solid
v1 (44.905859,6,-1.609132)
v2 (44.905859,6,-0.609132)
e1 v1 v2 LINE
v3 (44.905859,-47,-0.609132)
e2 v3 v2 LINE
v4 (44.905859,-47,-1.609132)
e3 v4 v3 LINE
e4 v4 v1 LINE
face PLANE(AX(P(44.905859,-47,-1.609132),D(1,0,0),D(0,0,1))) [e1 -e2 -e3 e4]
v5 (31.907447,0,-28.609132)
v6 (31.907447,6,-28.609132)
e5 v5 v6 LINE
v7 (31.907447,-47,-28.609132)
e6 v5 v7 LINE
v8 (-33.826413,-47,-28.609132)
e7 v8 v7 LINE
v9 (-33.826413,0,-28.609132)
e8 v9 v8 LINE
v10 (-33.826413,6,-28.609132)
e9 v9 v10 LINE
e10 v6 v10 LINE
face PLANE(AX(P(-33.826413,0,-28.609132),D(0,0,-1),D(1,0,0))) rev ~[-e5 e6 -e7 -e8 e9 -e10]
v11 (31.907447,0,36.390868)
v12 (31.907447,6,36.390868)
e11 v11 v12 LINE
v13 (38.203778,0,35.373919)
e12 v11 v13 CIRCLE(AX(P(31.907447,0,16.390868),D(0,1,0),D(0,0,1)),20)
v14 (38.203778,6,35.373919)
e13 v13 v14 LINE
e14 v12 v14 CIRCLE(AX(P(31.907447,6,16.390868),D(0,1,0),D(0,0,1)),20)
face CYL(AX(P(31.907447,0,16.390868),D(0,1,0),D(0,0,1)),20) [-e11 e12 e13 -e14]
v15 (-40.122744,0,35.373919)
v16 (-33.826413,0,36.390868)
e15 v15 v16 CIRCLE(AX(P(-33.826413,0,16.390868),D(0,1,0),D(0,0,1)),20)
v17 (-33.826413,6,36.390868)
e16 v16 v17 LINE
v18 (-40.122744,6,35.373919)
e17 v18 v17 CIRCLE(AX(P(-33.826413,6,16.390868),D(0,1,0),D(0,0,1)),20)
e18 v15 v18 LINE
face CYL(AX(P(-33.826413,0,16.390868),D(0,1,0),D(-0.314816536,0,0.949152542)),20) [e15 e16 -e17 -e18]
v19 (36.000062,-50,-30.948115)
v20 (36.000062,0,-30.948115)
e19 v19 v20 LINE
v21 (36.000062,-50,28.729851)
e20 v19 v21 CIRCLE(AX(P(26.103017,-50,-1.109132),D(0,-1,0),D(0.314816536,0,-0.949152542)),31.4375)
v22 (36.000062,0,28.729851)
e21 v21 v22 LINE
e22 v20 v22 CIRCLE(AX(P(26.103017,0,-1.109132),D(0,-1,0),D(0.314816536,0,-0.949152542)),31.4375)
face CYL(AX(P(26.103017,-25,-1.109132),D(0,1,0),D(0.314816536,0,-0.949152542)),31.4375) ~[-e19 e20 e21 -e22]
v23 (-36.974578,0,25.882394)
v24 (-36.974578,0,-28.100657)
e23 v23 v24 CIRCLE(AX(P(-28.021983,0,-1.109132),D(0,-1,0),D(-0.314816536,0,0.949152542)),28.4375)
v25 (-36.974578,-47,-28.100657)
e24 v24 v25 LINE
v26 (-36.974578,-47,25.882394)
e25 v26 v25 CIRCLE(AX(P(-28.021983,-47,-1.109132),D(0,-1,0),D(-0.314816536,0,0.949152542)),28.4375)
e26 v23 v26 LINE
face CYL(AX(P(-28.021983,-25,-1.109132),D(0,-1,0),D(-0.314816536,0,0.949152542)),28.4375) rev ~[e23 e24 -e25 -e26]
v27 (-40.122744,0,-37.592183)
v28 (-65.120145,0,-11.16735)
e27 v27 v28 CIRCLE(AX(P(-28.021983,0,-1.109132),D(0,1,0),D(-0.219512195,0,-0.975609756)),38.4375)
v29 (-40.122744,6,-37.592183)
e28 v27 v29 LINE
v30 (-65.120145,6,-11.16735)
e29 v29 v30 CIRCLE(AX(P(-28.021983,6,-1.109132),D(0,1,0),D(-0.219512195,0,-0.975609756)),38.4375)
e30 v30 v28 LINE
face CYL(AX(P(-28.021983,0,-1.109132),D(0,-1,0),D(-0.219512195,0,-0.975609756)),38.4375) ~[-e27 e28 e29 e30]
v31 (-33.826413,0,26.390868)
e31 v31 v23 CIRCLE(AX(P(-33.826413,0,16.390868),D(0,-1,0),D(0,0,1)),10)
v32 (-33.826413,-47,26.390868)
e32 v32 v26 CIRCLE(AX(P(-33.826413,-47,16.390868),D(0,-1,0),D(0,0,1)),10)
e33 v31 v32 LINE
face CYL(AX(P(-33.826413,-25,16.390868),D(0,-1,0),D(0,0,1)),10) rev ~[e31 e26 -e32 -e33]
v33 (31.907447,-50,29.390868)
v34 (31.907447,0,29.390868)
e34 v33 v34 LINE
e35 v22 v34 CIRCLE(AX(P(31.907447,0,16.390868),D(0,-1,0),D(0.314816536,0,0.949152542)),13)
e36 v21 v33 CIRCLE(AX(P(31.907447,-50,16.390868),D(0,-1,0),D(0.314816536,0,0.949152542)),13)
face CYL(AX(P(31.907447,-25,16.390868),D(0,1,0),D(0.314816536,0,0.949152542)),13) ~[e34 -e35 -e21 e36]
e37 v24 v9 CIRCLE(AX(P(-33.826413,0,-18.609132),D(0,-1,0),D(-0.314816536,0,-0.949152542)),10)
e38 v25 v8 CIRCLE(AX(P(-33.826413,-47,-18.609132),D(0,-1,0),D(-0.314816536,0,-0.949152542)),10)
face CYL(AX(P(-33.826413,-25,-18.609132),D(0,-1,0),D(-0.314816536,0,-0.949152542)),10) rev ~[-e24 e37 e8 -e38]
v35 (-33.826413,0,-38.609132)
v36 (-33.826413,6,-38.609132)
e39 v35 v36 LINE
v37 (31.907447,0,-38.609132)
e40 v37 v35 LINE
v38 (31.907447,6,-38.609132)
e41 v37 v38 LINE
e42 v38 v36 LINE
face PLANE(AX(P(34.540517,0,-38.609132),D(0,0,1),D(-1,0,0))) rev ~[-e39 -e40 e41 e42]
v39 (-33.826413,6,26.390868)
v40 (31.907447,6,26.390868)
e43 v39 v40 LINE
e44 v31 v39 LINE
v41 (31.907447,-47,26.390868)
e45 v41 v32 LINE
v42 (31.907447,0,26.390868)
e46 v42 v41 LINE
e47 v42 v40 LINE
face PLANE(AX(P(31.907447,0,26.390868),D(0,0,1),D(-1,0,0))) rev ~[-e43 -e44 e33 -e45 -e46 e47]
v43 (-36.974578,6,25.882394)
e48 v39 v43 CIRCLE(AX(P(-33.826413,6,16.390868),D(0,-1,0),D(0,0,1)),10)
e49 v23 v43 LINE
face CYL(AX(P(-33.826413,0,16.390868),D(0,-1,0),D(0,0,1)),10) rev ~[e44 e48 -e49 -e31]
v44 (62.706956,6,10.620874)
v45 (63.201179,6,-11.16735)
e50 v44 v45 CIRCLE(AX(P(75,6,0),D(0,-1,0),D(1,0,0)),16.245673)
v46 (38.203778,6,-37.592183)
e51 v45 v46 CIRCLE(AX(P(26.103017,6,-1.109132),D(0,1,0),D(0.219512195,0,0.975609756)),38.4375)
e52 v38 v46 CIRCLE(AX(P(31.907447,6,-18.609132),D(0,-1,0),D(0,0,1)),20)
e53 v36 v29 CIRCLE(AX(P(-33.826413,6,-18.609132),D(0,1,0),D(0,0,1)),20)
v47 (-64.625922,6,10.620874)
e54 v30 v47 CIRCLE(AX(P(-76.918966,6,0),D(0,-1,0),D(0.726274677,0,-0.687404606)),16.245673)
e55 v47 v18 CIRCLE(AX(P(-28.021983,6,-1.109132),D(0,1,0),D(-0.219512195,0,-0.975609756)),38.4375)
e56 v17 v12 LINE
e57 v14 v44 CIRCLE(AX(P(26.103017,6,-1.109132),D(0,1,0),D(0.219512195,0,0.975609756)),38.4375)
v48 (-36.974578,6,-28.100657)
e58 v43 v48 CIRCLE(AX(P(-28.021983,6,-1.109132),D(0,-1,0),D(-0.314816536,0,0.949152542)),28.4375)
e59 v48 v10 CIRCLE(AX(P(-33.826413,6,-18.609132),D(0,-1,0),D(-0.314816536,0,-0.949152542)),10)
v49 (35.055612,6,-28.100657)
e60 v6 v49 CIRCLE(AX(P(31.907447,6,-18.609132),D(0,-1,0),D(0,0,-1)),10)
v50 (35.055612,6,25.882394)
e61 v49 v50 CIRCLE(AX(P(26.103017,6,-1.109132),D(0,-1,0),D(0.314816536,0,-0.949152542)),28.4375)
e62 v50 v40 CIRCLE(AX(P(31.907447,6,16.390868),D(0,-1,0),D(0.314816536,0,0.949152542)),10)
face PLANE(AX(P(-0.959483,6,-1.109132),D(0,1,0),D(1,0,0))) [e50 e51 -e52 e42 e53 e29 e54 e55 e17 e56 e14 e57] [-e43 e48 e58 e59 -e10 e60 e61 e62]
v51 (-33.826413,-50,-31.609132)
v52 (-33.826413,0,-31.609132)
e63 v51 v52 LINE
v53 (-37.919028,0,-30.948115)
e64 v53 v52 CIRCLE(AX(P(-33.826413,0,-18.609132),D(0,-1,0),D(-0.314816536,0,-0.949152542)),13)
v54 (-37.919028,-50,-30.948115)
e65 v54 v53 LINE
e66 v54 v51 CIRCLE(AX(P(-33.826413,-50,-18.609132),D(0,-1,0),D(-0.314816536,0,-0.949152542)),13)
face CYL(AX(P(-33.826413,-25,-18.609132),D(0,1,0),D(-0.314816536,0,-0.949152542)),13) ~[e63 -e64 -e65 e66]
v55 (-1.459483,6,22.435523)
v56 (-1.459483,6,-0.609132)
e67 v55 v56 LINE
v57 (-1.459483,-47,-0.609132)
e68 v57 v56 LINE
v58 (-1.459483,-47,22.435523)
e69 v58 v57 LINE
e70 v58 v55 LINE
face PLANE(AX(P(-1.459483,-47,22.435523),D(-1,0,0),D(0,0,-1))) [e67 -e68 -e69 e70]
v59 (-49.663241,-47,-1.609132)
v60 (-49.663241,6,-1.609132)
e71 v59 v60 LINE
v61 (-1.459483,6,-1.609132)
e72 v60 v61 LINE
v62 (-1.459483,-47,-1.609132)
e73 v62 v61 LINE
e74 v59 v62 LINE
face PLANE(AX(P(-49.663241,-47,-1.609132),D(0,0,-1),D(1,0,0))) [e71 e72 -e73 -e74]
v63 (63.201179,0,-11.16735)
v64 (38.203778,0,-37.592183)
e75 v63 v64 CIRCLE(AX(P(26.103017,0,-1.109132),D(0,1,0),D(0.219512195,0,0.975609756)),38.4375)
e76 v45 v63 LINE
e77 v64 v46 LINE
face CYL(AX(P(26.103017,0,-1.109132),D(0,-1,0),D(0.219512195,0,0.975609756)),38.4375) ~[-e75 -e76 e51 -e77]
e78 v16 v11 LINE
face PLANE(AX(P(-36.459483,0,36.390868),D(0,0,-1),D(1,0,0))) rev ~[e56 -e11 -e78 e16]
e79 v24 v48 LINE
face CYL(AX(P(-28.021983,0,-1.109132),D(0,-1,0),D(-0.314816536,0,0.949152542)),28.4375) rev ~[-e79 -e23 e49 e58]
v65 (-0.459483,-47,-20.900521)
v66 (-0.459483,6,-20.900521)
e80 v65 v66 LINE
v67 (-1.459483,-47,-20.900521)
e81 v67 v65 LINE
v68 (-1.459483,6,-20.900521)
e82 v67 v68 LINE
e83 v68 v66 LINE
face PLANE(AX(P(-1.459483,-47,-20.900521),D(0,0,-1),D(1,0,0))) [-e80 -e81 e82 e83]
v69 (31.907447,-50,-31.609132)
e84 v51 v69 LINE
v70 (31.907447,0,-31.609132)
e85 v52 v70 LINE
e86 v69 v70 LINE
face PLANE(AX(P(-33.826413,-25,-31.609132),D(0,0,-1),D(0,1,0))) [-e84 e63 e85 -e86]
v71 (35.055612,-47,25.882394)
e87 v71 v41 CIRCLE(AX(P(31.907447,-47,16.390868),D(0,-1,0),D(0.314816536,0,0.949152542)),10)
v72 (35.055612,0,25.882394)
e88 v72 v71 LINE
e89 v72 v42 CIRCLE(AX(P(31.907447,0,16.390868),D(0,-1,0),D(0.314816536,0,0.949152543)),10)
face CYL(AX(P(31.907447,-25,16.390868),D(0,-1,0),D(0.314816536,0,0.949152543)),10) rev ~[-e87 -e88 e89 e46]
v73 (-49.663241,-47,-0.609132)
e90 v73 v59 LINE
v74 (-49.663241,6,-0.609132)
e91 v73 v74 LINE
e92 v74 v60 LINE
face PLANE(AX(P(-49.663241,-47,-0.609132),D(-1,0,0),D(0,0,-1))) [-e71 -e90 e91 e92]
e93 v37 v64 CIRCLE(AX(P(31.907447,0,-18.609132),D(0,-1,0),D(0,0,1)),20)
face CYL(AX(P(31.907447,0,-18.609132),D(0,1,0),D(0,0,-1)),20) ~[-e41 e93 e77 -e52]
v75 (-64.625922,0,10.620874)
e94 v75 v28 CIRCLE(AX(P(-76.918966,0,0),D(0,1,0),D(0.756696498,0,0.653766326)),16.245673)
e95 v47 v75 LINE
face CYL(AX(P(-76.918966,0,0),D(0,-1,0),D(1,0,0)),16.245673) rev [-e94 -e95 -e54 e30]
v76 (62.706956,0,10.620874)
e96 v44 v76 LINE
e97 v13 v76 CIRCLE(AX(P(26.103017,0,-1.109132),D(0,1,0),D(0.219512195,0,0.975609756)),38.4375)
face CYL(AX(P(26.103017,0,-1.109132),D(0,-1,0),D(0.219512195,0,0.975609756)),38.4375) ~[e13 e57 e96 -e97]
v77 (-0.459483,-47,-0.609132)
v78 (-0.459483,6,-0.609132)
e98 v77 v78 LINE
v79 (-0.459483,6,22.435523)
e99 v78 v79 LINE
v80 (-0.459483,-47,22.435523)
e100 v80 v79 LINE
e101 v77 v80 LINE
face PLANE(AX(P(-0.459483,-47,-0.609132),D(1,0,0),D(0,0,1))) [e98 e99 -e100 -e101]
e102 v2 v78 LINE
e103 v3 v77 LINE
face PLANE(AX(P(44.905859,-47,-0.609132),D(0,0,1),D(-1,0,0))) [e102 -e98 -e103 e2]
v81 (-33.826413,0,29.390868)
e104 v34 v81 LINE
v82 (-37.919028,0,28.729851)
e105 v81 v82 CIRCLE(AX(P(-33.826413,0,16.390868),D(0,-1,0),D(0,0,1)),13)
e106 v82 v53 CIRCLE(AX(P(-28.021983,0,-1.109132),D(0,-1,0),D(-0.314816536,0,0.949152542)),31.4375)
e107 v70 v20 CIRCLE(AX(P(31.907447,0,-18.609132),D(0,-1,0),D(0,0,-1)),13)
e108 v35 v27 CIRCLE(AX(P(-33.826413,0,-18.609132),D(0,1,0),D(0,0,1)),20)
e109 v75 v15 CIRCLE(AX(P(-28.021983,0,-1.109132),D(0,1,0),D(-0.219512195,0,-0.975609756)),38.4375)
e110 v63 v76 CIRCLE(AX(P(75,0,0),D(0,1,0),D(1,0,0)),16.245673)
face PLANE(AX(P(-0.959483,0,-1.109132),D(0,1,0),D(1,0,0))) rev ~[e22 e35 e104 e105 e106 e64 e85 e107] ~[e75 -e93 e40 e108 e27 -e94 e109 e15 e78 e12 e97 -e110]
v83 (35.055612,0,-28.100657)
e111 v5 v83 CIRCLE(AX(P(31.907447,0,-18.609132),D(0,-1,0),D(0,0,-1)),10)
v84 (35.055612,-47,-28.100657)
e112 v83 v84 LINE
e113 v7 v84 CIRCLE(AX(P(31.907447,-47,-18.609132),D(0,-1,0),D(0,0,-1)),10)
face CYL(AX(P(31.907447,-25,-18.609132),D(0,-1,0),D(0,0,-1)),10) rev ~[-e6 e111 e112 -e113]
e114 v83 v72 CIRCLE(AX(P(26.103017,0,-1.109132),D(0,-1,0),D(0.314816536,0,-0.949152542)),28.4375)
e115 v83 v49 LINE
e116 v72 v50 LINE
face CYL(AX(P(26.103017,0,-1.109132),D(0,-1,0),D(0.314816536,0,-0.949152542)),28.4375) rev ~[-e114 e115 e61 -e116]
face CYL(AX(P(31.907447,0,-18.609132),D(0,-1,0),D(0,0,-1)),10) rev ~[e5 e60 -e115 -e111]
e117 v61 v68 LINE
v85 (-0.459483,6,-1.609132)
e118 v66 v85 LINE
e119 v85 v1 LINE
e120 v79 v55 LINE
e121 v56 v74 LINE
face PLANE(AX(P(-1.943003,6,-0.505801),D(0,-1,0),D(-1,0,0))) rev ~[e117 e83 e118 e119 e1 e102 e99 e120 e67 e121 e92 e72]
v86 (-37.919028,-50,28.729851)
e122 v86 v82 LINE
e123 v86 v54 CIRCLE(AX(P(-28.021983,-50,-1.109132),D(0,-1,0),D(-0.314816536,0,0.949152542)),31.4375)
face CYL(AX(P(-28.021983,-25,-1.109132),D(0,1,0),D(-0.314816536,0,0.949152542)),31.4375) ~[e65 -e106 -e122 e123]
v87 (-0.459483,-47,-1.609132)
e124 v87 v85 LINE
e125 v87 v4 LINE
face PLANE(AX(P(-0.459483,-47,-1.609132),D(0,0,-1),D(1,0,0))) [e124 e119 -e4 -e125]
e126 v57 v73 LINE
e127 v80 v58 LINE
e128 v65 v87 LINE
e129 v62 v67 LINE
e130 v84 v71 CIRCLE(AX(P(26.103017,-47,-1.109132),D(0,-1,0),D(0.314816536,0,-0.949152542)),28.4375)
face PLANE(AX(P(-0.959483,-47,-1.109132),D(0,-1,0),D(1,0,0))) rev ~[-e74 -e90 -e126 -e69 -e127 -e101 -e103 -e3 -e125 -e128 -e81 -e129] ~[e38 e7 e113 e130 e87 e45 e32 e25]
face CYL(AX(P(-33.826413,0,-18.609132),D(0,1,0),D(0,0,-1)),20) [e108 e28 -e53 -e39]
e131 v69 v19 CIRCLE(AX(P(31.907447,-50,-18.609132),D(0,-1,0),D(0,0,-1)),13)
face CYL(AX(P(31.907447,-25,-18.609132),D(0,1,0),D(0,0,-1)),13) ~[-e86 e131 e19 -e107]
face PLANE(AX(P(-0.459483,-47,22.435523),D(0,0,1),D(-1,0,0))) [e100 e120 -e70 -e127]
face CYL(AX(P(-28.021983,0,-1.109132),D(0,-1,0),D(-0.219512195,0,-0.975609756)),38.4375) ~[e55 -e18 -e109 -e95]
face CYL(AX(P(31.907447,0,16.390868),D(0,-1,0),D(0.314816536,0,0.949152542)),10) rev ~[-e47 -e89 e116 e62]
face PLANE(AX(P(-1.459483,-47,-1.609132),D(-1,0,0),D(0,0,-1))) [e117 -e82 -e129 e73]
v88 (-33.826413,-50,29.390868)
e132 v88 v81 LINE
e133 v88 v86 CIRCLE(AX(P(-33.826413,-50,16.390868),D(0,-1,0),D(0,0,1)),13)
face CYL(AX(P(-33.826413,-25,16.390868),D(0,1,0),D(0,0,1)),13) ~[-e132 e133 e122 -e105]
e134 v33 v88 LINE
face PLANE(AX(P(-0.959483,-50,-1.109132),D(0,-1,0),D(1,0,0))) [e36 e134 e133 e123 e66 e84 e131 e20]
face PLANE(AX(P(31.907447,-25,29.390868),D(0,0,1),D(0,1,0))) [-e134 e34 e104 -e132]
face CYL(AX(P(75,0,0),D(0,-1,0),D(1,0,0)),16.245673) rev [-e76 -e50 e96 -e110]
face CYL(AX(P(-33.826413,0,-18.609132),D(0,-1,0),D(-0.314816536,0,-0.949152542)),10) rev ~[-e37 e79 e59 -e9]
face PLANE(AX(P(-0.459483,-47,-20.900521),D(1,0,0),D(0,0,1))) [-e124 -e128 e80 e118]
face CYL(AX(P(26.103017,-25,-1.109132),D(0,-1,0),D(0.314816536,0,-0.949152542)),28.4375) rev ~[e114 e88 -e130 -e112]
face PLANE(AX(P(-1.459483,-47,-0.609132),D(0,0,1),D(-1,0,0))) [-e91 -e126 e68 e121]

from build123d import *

# Parameters (mm, degrees)
BOSS_EXTRUDE1_DEPTH = 6
FILLET1_R           = 20
SKETCH4_W           = 3
SKETCH4_H           = 50
SKETCH6_R           = 16.245672788
CUT_EXTRUDE1_DEPTH  = 10
BOSS_EXTRUDE2_DEPTH = 3
CUT_EXTRUDE2_DEPTH  = 44
BOSS_EXTRUDE3_DEPTH = 53


with BuildPart() as part:
    # Sketch1 → Boss-Extrude1 (new body)
    with BuildSketch(Plane(origin=(0, 0, 0), x_dir=(1, 0, 0), z_dir=(0, 1, 0))):
        with BuildLine():
            Line((34.540516942, 38.609131748), (-36.459483058, 38.609131748))
            ThreePointArc((-36.459483058, 38.609131748), (-66.459483058, 1.109131748), (-36.459483058, -36.390868252))
            Line((-36.459483058, -36.390868252), (34.540516942, -36.390868252))
            ThreePointArc((34.540516942, -36.390868252), (64.540516942, 1.109131748), (34.540516942, 38.609131748))
        make_face()
    extrude(amount=BOSS_EXTRUDE1_DEPTH)

    # Fillet1
    fillet1_edges = [part.edges().sort_by_distance(p)[0] for p in [
        (-36.459483058, 3, -38.609131748),
        (34.540516942, 3, -38.609131748),
        (34.540516942, 3, 36.390868252),
        (-36.459483058, 3, 36.390868252),
    ]]
    fillet(fillet1_edges, radius=FILLET1_R)

    # Sweep1: sweep along a path in Sketch3
    with BuildLine(Plane.XZ) as sweep1_path:
        Line((31.907446823, 29.390868252), (-33.82641294, 29.390868252))
        ThreePointArc((-33.82641294, 29.390868252), (-35.899239553, 29.224550102), (-37.919027907, 28.729851303))
        ThreePointArc((-37.919027907, 28.729851303), (-59.459483058, -1.109131748), (-37.919027907, -30.948114799))
        ThreePointArc((-37.919027907, -30.948114799), (-35.899239553, -31.442813598), (-33.82641294, -31.609131748))
        Line((-33.82641294, -31.609131748), (31.907446823, -31.609131748))
        ThreePointArc((31.907446823, -31.609131748), (33.980273437, -31.442813598), (36.000061791, -30.948114799))
        ThreePointArc((36.000061791, -30.948114799), (57.540516942, -1.109131748), (36.000061791, 28.729851303))
        ThreePointArc((36.000061791, 28.729851303), (33.980273437, 29.224550102), (31.907446823, 29.390868252))
    # Sketch4 → Sweep1 (sweep)
    with BuildSketch(Plane(origin=(31.907446823, 0, -31.609131748), x_dir=(0, 0, -1), z_dir=(1, 0, 0))):
        with Locations((-1.5, -25)):
            Rectangle(SKETCH4_W, SKETCH4_H)
    sweep(path=sweep1_path.line)

    # Sketch6 → Cut-Extrude1 (cut)
    with BuildSketch(Plane(origin=(0, 0, 0), x_dir=(1, 0, 0), z_dir=(0, 1, 0))):
        with Locations((75, 0)):
            Circle(SKETCH6_R)
        with Locations((-76.918966117, 0)):
            Circle(SKETCH6_R)
    extrude(amount=CUT_EXTRUDE1_DEPTH, mode=Mode.SUBTRACT)

    # Sketch7 → Boss-Extrude2 (add)
    with BuildSketch(Plane.XZ.offset(50)):
        with BuildLine():
            Line((31.907446823, 26.390868252), (-33.82641294, 26.390868252))
            ThreePointArc((-33.82641294, 26.390868252), (-35.42089495, 26.262931214), (-36.974578299, 25.882393676))
            ThreePointArc((-36.974578299, 25.882393676), (-56.459483058, -1.109131748), (-36.974578299, -28.100657171))
            ThreePointArc((-36.974578299, -28.100657171), (-35.42089495, -28.481194709), (-33.82641294, -28.609131748))
            Line((-33.82641294, -28.609131748), (31.907446823, -28.609131748))
            ThreePointArc((31.907446823, -28.609131748), (33.501928834, -28.481194709), (35.055612183, -28.100657171))
            ThreePointArc((35.055612183, -28.100657171), (54.540516942, -1.109131748), (35.055612183, 25.882393676))
            ThreePointArc((35.055612183, 25.882393676), (33.501928834, 26.262931214), (31.907446823, 26.390868252))
        make_face()
    extrude(amount=-BOSS_EXTRUDE2_DEPTH)

    # Sketch9 → Cut-Extrude2 (cut)
    with BuildSketch(Plane.XZ):
        with BuildLine():
            Line((-33.82641294, -28.609131748), (31.907446823, -28.609131748))
            ThreePointArc((31.907446823, -28.609131748), (33.501928834, -28.481194709), (35.055612183, -28.100657171))
            ThreePointArc((35.055612183, -28.100657171), (54.540516942, -1.109131748), (35.055612183, 25.882393676))
            ThreePointArc((35.055612183, 25.882393676), (33.501928834, 26.262931214), (31.907446823, 26.390868252))
            Line((31.907446823, 26.390868252), (-33.82641294, 26.390868252))
            ThreePointArc((-33.82641294, 26.390868252), (-35.42089495, 26.262931214), (-36.974578299, 25.882393676))
            ThreePointArc((-36.974578299, 25.882393676), (-56.459483058, -1.109131748), (-36.974578299, -28.100657171))
            ThreePointArc((-36.974578299, -28.100657171), (-35.42089495, -28.481194709), (-33.82641294, -28.609131748))
        make_face()
    extrude(amount=-CUT_EXTRUDE2_DEPTH, mode=Mode.SUBTRACT)

    # Sketch10 → Boss-Extrude3 (add)
    with BuildSketch(Plane(origin=(0, -47, 0), x_dir=(1, 0, 0), z_dir=(0, 1, 0))):
        Polygon((-0.459483058, 1.609131748), (44.905858694, 1.609131748), (44.905858694, 0.609131748), (-0.459483058, 0.609131748), (-0.459483058, -22.435523008), (-1.459483058, -22.435523008), (-1.459483058, 0.609131748), (-49.663240978, 0.609131748), (-49.663240978, 1.609131748), (-1.459483058, 1.609131748), (-1.459483058, 20.900521065), (-0.459483058, 20.900521065), align=None)
    extrude(amount=BOSS_EXTRUDE3_DEPTH)


solid = part.part
